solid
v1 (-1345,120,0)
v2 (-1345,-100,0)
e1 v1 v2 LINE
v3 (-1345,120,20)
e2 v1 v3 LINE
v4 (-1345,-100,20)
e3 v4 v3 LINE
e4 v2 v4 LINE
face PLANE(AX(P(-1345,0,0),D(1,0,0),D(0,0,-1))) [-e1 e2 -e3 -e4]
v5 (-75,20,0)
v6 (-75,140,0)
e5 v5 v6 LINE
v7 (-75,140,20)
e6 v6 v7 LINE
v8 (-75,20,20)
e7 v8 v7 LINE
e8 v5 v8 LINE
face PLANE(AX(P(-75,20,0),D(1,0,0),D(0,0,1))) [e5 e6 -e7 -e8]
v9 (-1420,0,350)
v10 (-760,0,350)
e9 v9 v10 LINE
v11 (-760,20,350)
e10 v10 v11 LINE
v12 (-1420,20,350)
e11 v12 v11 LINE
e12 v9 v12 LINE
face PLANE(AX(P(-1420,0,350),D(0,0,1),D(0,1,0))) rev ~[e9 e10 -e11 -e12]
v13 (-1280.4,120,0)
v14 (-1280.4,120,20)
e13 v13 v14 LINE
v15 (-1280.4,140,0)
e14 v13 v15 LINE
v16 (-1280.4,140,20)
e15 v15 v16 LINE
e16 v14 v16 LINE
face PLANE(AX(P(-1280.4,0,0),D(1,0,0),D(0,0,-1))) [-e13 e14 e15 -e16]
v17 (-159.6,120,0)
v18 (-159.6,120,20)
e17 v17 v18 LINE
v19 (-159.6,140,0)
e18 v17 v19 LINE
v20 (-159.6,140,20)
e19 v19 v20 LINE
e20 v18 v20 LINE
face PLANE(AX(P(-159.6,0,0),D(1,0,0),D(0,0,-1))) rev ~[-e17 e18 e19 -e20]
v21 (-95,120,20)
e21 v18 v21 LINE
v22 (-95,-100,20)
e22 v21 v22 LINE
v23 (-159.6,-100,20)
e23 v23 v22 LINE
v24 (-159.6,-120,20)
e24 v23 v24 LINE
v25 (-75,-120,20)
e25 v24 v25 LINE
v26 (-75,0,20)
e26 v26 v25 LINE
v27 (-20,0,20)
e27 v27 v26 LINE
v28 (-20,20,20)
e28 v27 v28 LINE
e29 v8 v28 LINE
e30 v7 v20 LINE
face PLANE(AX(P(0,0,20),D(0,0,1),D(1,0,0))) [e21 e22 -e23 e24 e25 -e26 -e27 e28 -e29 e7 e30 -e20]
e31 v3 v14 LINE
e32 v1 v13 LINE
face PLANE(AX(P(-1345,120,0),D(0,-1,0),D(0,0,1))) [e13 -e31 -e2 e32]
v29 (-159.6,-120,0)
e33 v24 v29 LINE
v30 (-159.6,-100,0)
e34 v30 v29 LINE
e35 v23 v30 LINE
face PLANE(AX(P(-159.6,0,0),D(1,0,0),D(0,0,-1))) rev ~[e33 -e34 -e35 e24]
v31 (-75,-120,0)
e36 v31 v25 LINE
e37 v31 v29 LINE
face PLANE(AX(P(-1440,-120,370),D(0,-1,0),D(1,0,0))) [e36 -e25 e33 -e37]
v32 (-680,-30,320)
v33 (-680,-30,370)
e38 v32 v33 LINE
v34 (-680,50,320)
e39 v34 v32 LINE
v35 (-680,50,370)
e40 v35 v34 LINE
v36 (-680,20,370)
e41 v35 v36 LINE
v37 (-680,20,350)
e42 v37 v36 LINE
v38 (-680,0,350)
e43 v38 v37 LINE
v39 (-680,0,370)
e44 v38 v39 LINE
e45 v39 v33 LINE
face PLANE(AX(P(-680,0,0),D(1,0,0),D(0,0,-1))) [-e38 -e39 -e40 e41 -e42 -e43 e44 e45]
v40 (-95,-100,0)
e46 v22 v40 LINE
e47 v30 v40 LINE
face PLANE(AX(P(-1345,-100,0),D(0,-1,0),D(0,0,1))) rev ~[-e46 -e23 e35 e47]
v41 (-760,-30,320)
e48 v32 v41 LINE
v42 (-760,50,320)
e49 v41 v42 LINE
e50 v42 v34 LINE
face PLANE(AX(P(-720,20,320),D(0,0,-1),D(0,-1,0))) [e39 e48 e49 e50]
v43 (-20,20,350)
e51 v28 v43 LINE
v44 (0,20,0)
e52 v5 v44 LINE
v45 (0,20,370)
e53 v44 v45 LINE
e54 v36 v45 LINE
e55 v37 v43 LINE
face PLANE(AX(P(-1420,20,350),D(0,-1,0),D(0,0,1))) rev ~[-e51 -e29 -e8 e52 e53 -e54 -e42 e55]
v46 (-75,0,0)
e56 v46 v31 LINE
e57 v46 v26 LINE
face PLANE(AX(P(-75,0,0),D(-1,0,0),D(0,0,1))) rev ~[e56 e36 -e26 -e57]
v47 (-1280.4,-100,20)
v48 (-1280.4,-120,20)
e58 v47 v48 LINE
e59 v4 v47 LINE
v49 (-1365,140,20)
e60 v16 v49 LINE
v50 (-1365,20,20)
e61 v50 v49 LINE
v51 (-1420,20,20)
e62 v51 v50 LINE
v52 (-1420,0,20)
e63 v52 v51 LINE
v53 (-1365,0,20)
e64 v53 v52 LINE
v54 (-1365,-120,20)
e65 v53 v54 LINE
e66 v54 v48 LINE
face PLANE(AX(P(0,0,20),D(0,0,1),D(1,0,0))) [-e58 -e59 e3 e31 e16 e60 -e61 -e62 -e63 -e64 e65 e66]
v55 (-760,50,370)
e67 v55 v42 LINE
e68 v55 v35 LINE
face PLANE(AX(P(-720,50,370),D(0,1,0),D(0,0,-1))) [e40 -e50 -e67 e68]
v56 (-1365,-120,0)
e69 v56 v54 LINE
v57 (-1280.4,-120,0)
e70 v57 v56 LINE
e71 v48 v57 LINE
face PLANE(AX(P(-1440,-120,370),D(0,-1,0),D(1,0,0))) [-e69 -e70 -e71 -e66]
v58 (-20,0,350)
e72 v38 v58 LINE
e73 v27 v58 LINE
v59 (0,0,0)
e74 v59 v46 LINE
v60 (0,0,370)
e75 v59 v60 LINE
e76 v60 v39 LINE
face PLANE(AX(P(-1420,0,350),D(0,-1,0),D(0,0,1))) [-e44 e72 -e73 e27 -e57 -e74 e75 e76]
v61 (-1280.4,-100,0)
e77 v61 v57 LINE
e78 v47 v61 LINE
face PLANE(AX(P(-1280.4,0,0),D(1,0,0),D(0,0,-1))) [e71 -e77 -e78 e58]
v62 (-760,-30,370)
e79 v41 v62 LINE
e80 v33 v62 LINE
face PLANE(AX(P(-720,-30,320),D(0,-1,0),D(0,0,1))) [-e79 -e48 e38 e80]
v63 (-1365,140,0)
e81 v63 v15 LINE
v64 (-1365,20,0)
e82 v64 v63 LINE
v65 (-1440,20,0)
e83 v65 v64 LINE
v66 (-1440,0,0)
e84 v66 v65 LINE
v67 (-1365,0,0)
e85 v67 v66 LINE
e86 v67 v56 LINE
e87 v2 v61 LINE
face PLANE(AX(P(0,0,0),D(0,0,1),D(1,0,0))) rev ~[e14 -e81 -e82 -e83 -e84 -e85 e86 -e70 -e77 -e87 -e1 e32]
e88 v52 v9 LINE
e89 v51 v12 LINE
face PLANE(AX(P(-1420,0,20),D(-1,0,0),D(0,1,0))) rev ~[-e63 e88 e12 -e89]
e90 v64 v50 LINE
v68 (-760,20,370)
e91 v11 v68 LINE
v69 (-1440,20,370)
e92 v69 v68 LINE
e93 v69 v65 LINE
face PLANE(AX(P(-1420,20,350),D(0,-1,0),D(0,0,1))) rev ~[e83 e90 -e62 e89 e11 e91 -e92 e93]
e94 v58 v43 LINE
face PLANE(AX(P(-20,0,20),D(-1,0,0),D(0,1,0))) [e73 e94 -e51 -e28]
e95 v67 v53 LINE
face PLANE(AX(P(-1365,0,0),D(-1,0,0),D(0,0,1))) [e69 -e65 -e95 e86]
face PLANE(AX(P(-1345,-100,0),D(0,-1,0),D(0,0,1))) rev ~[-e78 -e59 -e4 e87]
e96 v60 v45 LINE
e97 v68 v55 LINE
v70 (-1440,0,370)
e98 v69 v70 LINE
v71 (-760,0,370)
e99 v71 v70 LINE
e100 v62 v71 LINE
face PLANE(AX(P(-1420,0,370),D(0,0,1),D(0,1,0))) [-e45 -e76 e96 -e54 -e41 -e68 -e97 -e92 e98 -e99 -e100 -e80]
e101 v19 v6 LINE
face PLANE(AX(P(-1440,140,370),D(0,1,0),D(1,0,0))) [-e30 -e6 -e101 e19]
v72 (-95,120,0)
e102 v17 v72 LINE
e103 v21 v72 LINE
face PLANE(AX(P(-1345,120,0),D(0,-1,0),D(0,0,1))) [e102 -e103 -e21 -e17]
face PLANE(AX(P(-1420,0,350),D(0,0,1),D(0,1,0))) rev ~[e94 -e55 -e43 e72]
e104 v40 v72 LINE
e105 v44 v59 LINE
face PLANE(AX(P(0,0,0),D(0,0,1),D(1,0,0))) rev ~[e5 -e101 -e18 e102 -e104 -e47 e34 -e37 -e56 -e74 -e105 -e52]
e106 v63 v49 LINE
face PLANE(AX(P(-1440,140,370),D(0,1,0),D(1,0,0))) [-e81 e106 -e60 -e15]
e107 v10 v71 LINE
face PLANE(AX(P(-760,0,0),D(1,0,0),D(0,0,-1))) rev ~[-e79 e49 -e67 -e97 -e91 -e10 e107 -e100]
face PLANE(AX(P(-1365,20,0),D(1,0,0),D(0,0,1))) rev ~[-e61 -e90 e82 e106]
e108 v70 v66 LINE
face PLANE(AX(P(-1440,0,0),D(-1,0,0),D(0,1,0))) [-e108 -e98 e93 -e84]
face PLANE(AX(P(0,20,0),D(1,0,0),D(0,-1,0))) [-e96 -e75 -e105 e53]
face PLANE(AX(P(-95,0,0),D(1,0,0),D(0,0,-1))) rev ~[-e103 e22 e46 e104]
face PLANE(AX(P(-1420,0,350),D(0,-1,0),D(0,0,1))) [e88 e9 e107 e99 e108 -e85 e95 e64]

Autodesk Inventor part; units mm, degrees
ref_plane "YZ Plane" through (0, 0, 0) normal (1, 0, 0) x (0, 1, 0)
ref_plane "XZ Plane" through (0, 0, 0) normal (0, 1, 0) x (-1, 0, 0)
sketch "Sketch1" plane through (0, 0, 0) normal (0, 0, 1) x (1, 0, 0)
  line L0 (0, 0) -> (-1440, 0)
  line L1 (-1440, 0) -> (-1440, 20)
  line L2 (-1440, 20) -> (0, 20)
  line L3 (0, 20) -> (0, 0)
  dimension "d0" = 1440
  dimension "d1" = 20
extrude "Extrusion1" add sketch "Sketch1" along normal blind 20
sketch "Sketch2" plane through (0, 0, 20) normal (0, 0, 1) x (1, 0, 0)
  line L0 (-1440, 0) -> (0, 0) projected
  line L1 (0, 0) -> (0, 20) projected
  line L2 (0, 20) -> (-1440, 20) projected
  line L3 (-1440, 20) -> (-1440, 0) projected
  line L4 (0, 0) -> (-20, 0)
  line L5 (-20, 0) -> (-20, 20)
  line L6 (-20, 20) -> (0, 20)
  line L7 (0, 20) -> (0, 0)
  line L8 (-1440, 0) -> (-1420, 0)
  line L9 (-1420, 0) -> (-1420, 20)
  line L10 (-1420, 20) -> (-1440, 20)
  line L11 (-1440, 20) -> (-1440, 0)
  dimension "d4" = 20
  dimension "d5" = 20
extrude "Extrusion2" add sketch "Sketch2" along normal blind 350 contours L3 L2 L9 L0 | L5 L2 L1 L0
ref_plane "Work Plane1" through (-720, 0, 0) normal (1, 0, 0) x (0, 0, -1)
sketch "Sketch3" plane through (-720, 0, 0) normal (1, 0, 0) x (0, 0, -1)
  point P0 (0, 0)
sketch "Sketch4" plane through (-720, 0, 0) normal (1, 0, 0) x (0, 0, -1)
  line L0 (-20, 20) -> (-20, 0) projected
  line L1 (0, 0) -> (0, 20) projected
  line L2 (0, 0) -> (-370, 0) projected
  line L3 (-370, 20) -> (-370, 0) projected
  line L4 (0, 20) -> (-370, 20) projected
  line L5 (-20, 20) -> (0, 20)
  line L6 (0, 20) -> (0, 0)
  line L7 (0, 0) -> (-20, 0)
  line L8 (-20, 0) -> (-20, 20)
  point P0 (0, 0)
extrude "Extrusion3" cut sketch "Sketch4" along normal mid plane 1250 contours L4 L1 L2 L0
sketch "Sketch5" plane through (-1420, 0, 20) normal (1, 0, 0) x (0, 0, -1)
  line L0 (0, 20) -> (0, 0) projected
  line L1 (0, 20) -> (-350, 20) projected
  line L2 (-350, 0) -> (-350, 20) projected
  line L3 (0, 0) -> (-350, 0) projected
  line L4 (-350, 0) -> (-330, 0)
  line L5 (-330, 0) -> (-330, 20)
  line L6 (-330, 20) -> (-350, 20)
  line L7 (-350, 20) -> (-350, 0)
  point P0 (20, 0)
  dimension "d14" = 20
extrude "Extrusion4" add sketch "Sketch5" along normal blind 1401 contours L5 L3 L2 L1
sketch "Sketch7" plane through (-1440, 0, 370) normal (0, -1, 0) x (1, 0, 0)
  line L0 (95, -370) -> (95, -350) projected
  line L1 (20, -350) -> (95, -350) projected
  line L2 (20, -350) -> (20, -20) projected
  line L3 (20, -20) -> (1420, -20) projected
  line L4 (1420, -350) -> (1420, -20) projected
  line L5 (1345, -350) -> (1420, -350) projected
  line L6 (1345, -350) -> (1345, -370) projected
  line L7 (1440, -370) -> (1345, -370) projected
  line L8 (1440, -370) -> (1440, 0) projected
  line L9 (0, 0) -> (1440, 0) projected
  line L10 (0, -370) -> (0, 0) projected
  line L11 (95, -370) -> (0, -370) projected
  line L12 (1345, -370) -> (1365, -370)
  line L13 (1365, -370) -> (1365, -350)
  line L14 (1365, -350) -> (1345, -350)
  line L15 (1345, -350) -> (1345, -370)
  line L16 (20, -350) -> (95, -350) projected
  line L17 (95, -370) -> (75, -370)
  line L18 (75, -370) -> (75, -350)
  line L19 (75, -350) -> (95, -350)
  line L20 (95, -350) -> (95, -370)
  dimension "d23" = 20
  dimension "d24" = 20
extrude "Extrusion6" add sketch "Sketch7" along normal blind 120 contours L11 L18 L1 L0 | L7 L6 L5 L13
sketch "Sketch8" plane through (-1440, 20, 370) normal (0, 1, 0) x (1, 0, 0)
  line L0 (95, 350) -> (95, 370) projected
  line L1 (0, 370) -> (95, 370) projected
  line L2 (0, 370) -> (0, 0) projected
  line L3 (1440, 0) -> (0, 0) projected
  line L4 (1440, 370) -> (1440, 0) projected
  line L5 (1345, 370) -> (1440, 370) projected
  line L6 (1345, 370) -> (1345, 350) projected
  line L7 (1420, 350) -> (1345, 350) projected
  line L8 (1420, 350) -> (1420, 20) projected
  line L9 (20, 20) -> (1420, 20) projected
  line L10 (20, 350) -> (20, 20) projected
  line L11 (95, 350) -> (20, 350) projected
  line L12 (1345, 370) -> (1365, 370)
  line L13 (1365, 370) -> (1365, 350)
  line L14 (1365, 350) -> (1345, 350)
  line L15 (1345, 350) -> (1345, 370)
  line L16 (95, 370) -> (75, 370)
  line L17 (75, 370) -> (75, 350)
  line L18 (75, 350) -> (95, 350)
  line L19 (95, 350) -> (95, 370)
  dimension "d27" = 20
  dimension "d28" = 20
extrude "Extrusion7" add sketch "Sketch8" along normal blind 120 contours L11 L17 L1 L0 | L7 L6 L5 L13
sketch "Sketch9" plane through (-1345, 0, 0) normal (1, 0, 0) x (0, 0, -1)
  line L0 (-20, -120) -> (-20, 140) projected
  line L1 (0, -120) -> (-20, -120) projected
  line L2 (0, 140) -> (0, -120) projected
  line L3 (-20, 140) -> (0, 140) projected
  line L4 (-20, -120) -> (0, -120)
  line L5 (0, -120) -> (0, -100)
  line L6 (0, -100) -> (-20, -100)
  line L7 (-20, -100) -> (-20, -120)
  line L8 (0, 140) -> (0, -120) projected
  line L9 (-20, 140) -> (0, 140)
  line L10 (0, 140) -> (0, 120)
  line L11 (0, 120) -> (-20, 120)
  line L12 (-20, 120) -> (-20, 140)
  point P0 (0, 0)
  dimension "d35" = 20
  dimension "d36" = 20
extrude "Extrusion8" add sketch "Sketch9" along normal blind 1251 contours L0 L6 L2 L1 | L0 L3 L2 L11
sketch "Sketch10" plane through (-720, 0, 0) normal (1, 0, 0) x (0, 0, -1)
  line L0 (0, 0) -> (-20, 0) projected
  line L1 (0, 0) -> (0, -120) projected
  line L2 (-20, -120) -> (0, -120) projected
  line L3 (-20, 0) -> (-20, -120) projected
  line L4 (0, 120) -> (-20, 120) projected
  line L5 (0, 140) -> (-20, 140) projected
  line L6 (-20, 20) -> (-20, 140) projected
  line L7 (0, 20) -> (0, 140) projected
  line L8 (-20, -100) -> (0, -100) projected
  line L9 (-20, -120) -> (0, -120)
  line L10 (0, -120) -> (0, -100)
  line L11 (0, -100) -> (-20, -100)
  line L12 (-20, -100) -> (-20, -120)
  line L13 (-20, 120) -> (0, 120)
  line L14 (0, 120) -> (0, 140)
  line L15 (0, 140) -> (-20, 140)
  line L16 (-20, 140) -> (-20, 120)
  point P0 (0, 0)
extrude "Extrusion9" cut sketch "Sketch10" along normal mid plane 1120.8 contours L1 L2 L3 L8 | L4 L6 L5 L7
sketch "Sketch11" plane through (-720, 0, 0) normal (1, 0, 0) x (0, 0, -1)
  line L0 (-350, 20) -> (-350, 0) projected
  line L1 (-370, 20) -> (-370, 0) projected
  line L2 (0, 20) -> (-370, 20) projected
  line L3 (0, 0) -> (-370, 0) projected
  line L4 (-370, 50) -> (-320, 50)
  line L5 (-320, 50) -> (-320, -30)
  line L6 (-320, -30) -> (-370, -30)
  line L7 (-370, -30) -> (-370, 50)
  dimension "d49" = 50
  dimension "d50" = 80
  dimension "d51" = 30
extrude "Extrusion10" add sketch "Sketch11" along normal mid plane 80
properties part number "CameraMount"
